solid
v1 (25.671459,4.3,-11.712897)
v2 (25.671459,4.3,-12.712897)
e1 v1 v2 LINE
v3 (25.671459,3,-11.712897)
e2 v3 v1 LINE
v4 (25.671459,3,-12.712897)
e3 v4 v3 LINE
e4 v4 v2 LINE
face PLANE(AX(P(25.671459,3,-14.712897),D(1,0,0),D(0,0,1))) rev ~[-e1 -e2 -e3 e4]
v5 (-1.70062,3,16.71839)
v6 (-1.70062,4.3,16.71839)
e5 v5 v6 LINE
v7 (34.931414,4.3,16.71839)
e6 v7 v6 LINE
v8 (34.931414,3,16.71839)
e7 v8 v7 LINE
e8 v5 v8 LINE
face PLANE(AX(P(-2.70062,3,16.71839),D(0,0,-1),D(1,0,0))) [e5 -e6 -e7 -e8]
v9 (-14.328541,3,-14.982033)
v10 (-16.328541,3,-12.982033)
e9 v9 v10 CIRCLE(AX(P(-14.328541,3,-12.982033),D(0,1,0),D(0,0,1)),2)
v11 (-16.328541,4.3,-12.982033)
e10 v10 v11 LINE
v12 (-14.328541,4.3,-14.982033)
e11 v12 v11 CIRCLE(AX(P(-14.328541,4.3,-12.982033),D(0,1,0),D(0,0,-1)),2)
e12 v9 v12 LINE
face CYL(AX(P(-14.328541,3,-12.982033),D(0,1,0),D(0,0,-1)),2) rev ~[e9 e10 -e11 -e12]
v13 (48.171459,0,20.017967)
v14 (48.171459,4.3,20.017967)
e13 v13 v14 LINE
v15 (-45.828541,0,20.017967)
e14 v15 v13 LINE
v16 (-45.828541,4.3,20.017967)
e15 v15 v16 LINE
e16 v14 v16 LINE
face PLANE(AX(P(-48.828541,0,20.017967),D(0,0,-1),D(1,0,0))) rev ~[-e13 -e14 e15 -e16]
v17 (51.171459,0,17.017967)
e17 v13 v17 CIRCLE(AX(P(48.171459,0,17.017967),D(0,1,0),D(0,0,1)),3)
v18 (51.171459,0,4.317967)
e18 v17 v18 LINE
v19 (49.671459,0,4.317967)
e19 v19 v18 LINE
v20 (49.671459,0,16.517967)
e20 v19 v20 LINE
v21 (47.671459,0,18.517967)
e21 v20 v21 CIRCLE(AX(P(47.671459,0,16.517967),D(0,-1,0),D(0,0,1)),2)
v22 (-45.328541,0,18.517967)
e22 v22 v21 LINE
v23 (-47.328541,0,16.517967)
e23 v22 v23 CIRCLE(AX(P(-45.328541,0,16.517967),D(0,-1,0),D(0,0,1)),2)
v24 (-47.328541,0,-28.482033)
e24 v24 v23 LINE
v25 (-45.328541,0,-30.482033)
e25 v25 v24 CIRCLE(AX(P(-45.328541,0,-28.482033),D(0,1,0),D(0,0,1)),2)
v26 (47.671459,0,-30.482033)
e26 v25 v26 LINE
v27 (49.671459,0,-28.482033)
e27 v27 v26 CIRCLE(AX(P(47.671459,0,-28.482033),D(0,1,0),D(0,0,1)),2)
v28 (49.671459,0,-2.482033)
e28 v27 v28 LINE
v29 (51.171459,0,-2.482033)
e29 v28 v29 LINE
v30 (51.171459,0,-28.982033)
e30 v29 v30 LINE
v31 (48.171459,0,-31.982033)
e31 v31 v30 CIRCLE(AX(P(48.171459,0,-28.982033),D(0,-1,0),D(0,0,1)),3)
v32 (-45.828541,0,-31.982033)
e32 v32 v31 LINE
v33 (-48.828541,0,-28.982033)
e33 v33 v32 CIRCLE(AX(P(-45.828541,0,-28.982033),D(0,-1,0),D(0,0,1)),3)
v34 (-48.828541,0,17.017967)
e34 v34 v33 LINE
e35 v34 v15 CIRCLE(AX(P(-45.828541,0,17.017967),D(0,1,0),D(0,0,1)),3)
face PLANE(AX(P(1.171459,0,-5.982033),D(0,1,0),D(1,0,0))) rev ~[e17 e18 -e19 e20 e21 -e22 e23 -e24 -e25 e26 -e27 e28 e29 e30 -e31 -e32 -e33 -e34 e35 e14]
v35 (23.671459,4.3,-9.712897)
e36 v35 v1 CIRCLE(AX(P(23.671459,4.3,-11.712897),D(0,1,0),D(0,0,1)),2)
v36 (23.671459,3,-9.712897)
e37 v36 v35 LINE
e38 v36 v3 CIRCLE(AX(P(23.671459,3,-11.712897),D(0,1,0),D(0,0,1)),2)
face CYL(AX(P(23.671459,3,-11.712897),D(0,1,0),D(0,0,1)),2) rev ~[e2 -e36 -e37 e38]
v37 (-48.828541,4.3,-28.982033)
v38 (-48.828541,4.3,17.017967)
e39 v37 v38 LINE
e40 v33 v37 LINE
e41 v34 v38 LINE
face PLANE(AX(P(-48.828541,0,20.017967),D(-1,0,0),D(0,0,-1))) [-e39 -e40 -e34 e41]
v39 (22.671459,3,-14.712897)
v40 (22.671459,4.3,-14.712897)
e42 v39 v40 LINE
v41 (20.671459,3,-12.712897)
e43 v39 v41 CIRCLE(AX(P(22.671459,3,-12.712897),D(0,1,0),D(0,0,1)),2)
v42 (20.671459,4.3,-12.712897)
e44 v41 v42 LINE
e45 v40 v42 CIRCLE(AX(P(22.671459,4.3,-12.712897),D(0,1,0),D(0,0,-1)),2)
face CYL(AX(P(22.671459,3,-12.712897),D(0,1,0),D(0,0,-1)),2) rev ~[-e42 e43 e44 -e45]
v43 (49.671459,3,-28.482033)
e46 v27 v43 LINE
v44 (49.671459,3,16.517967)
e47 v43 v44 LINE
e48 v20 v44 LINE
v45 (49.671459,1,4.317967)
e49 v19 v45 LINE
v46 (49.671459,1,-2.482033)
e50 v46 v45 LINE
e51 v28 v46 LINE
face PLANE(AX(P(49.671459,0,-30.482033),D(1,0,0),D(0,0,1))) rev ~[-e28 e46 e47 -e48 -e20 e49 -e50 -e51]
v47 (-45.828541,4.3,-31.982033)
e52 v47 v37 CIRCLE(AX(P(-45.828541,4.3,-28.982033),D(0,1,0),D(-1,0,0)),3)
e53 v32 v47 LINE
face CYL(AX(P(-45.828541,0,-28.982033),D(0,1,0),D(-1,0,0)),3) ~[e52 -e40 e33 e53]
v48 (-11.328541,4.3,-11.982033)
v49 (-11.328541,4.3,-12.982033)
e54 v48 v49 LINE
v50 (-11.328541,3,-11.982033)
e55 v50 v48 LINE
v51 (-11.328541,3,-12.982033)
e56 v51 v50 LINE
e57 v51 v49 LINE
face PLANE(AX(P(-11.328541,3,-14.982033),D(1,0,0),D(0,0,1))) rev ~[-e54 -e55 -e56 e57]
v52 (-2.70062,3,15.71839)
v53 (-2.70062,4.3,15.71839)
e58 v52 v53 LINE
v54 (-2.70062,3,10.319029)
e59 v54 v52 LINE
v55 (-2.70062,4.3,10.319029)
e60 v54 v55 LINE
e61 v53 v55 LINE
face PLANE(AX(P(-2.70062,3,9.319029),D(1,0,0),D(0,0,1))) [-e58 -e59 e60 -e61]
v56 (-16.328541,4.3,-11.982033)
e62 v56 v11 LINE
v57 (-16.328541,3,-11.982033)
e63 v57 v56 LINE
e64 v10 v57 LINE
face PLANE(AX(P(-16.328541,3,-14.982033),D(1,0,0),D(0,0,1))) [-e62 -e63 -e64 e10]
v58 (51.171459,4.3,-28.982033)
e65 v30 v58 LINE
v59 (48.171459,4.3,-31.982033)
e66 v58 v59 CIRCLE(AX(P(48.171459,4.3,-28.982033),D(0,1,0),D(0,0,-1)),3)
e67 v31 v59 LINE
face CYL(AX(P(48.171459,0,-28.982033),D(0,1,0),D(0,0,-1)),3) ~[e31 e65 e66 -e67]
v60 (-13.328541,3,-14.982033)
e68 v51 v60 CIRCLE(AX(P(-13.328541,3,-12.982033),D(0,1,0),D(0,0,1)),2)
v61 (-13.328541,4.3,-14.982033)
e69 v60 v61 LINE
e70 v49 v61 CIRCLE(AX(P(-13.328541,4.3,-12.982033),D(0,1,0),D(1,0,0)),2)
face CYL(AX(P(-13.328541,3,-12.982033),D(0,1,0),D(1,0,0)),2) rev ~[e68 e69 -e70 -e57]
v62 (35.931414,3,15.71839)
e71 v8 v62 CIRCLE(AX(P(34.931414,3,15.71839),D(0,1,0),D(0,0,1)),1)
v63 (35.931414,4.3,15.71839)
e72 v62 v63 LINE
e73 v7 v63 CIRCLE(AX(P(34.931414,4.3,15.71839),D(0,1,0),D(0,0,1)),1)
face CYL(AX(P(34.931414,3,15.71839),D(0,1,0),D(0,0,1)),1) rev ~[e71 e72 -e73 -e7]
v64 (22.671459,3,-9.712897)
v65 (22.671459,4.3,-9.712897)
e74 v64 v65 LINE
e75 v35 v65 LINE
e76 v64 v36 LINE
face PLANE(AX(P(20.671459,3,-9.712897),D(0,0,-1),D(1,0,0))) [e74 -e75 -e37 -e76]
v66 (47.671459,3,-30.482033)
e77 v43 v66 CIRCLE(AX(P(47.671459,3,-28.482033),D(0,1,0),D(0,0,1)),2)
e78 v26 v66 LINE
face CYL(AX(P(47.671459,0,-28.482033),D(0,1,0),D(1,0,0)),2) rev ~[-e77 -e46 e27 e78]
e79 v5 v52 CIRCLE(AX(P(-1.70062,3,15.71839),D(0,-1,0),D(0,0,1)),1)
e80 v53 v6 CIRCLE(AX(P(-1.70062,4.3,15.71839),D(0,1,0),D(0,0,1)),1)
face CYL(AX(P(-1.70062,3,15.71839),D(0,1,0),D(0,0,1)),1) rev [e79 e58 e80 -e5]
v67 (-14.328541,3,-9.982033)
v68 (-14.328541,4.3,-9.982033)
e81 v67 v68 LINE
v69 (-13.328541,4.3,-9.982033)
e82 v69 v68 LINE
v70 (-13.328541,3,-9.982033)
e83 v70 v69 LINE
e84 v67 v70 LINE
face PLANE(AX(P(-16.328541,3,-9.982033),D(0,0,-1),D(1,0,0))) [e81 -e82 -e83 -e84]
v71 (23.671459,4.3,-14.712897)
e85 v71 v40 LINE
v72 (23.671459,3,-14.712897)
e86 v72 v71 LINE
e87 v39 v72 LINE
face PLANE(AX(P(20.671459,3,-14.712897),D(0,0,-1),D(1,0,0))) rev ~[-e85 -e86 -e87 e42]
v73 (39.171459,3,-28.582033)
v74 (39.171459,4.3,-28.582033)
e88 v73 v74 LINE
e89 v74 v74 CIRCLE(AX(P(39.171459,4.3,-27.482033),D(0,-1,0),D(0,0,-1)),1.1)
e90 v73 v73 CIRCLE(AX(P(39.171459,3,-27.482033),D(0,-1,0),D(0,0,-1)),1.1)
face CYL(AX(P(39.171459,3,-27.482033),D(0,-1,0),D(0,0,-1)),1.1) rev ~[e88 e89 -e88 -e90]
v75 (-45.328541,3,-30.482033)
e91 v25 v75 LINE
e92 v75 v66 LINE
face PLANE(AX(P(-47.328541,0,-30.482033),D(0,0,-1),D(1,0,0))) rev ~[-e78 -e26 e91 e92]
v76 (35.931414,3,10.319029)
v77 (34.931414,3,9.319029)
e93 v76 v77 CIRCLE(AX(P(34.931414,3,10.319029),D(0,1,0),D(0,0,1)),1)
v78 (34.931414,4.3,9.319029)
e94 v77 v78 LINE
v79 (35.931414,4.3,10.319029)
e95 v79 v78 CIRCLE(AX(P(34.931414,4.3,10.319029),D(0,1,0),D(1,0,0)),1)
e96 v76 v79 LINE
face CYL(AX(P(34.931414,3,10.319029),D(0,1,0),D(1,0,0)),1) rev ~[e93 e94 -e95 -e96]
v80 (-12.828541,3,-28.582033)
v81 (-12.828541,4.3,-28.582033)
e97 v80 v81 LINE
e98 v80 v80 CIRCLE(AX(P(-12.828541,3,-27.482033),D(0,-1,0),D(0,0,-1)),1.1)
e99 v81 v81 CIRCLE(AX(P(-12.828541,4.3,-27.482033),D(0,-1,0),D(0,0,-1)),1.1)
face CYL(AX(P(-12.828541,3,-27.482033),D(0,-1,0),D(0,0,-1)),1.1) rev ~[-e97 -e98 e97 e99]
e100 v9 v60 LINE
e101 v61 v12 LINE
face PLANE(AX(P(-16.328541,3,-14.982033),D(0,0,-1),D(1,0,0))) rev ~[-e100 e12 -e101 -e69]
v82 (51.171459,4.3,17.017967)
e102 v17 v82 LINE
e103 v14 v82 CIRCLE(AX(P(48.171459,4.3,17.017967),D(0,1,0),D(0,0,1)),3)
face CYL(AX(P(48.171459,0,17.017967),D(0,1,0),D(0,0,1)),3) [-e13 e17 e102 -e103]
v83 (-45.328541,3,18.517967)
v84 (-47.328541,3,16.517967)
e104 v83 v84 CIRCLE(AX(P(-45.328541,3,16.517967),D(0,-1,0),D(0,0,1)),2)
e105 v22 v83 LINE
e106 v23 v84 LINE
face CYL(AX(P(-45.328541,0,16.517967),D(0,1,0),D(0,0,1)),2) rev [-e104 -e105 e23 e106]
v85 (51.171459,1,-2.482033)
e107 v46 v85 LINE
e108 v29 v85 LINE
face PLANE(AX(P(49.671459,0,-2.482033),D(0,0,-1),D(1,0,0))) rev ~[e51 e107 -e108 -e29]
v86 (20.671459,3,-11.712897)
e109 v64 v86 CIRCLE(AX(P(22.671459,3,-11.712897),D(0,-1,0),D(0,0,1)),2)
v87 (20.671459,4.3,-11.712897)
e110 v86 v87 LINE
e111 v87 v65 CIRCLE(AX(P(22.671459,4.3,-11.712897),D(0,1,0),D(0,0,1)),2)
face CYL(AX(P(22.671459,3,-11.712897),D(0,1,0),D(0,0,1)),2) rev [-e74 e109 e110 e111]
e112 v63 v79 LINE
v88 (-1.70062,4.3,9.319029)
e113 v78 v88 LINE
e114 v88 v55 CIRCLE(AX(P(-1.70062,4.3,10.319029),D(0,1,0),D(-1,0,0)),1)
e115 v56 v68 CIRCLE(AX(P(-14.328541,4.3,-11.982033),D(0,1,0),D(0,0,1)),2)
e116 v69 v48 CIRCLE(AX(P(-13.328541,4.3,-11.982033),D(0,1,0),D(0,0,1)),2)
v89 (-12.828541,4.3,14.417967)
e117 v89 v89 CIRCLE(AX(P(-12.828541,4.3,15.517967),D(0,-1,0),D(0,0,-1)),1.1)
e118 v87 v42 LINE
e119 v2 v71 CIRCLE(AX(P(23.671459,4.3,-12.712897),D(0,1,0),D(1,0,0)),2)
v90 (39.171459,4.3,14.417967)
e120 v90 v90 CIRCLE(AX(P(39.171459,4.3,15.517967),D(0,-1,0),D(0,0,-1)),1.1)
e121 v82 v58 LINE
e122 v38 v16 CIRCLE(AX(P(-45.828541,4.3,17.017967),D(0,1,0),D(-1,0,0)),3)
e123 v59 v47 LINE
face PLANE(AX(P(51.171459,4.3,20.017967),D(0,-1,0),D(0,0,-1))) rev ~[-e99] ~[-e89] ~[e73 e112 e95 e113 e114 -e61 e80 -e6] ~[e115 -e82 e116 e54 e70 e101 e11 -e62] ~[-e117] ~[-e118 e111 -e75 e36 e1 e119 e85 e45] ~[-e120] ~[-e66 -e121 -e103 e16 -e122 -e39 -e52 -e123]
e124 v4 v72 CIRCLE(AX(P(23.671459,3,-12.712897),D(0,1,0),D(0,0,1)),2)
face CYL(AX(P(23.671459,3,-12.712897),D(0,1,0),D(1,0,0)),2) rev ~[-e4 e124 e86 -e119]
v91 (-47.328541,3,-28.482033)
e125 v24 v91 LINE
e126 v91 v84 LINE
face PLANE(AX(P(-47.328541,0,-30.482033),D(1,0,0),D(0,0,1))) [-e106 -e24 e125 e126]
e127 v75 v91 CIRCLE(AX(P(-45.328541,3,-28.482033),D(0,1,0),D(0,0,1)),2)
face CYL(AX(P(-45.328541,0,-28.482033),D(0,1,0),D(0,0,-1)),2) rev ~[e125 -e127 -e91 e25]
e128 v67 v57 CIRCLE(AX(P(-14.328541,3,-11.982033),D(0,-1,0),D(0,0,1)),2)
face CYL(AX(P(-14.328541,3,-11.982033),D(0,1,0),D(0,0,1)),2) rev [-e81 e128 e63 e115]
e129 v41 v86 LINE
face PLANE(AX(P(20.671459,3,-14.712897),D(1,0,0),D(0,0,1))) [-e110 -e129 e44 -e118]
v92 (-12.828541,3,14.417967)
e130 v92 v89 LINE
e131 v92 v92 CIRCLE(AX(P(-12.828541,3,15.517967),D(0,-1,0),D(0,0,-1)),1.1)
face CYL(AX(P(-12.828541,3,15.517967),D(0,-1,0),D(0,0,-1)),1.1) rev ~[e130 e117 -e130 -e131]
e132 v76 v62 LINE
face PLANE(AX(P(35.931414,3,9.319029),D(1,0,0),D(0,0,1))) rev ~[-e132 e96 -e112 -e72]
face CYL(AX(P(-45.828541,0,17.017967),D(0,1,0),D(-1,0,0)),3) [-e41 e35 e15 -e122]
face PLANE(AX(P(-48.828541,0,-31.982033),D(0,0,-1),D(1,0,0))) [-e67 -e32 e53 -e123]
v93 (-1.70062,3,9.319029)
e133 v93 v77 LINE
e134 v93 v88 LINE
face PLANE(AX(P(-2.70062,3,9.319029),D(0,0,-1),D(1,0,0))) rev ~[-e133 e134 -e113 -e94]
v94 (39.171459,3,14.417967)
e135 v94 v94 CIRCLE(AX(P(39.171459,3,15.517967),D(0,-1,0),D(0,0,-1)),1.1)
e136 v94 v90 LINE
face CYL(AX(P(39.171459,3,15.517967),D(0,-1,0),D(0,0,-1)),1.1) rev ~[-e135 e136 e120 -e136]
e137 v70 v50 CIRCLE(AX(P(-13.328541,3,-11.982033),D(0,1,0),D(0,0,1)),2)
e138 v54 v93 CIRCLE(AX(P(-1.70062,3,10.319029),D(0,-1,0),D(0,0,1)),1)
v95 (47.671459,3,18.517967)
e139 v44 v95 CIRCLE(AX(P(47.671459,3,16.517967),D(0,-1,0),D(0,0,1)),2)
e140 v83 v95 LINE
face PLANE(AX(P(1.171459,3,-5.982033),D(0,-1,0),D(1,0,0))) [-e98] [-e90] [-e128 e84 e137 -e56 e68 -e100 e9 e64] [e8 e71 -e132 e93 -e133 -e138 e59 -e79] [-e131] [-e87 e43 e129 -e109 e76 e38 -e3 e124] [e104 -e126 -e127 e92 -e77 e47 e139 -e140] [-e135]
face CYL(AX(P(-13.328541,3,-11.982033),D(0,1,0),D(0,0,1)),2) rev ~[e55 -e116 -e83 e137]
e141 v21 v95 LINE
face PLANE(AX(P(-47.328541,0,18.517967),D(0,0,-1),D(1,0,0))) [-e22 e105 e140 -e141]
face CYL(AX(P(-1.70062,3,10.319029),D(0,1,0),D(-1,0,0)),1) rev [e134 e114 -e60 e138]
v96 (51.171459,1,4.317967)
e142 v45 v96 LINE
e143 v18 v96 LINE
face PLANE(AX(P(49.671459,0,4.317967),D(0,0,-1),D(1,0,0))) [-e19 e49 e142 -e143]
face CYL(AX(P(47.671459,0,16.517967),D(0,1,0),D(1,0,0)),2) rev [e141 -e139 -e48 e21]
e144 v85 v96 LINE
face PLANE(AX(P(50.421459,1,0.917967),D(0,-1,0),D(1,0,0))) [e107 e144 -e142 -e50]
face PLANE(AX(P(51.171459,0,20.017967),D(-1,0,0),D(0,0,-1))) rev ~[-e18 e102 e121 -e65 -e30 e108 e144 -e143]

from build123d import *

# Parameters (mm, degrees)
SKETCH_1_W          = 100
SKETCH_1_H          = 52
EXTRUDE_1_DEPTH     = 8.6
SKETCH_2_W          = 97
SKETCH_2_H          = 49
CUT_EXTRUDE_1_DEPTH = 3
SKETCH_3_R          = 1.1
SKETCH_3_W          = 38.632034186
SKETCH_3_H          = 7.399361665
SKETCH_3_W_2        = 5
SKETCH_3_H_2        = 5
CUT_EXTRUDE_2_DEPTH = 61.603041755
FILLET_1_R          = 2
SKETCH_4_W          = 1.5
SKETCH_4_H          = 6.8
CUT_EXTRUDE_3_DEPTH = 1
SKETCH_5_W          = 97
SKETCH_5_H          = 49
CUT_EXTRUDE_4_DEPTH = 3
EXTRUDE_2_DEPTH     = 3
FILLET_2_R          = 3
FILLET_3_R          = 2
FILLET_5_R          = 1
SKETCH_9_W          = 52
SKETCH_9_H          = 4.3
CUT_EXTRUDE_5_DEPTH = 106.341399486


with BuildPart() as part:
    # 草图1 → 凸台-拉伸1 (new body)
    with BuildSketch(Plane(origin=(0, 0, 0), x_dir=(1, 0, 0), z_dir=(0, 1, 0))):
        with Locations((1.17145908, 5.982033169)):
            Rectangle(SKETCH_1_W, SKETCH_1_H)
    extrude(amount=EXTRUDE_1_DEPTH)

    # 草图2 → 切除-拉伸1 (cut)
    with BuildSketch(Plane.XZ):
        with Locations((1.17145908, -5.982033169)):
            Rectangle(SKETCH_2_W, SKETCH_2_H)
    extrude(amount=-CUT_EXTRUDE_1_DEPTH, mode=Mode.SUBTRACT)

    # 草图3 → 切除-拉伸2 (cut, through all)
    with BuildSketch(Plane.XZ.offset(-3)):
        with Locations(Location((-12.82854092, 15.517966831, 0), (0, 0, 270))):
            Circle(SKETCH_3_R)
        with Locations(Location((39.17145908, 15.517966831, 0), (0, 0, 270))):
            Circle(SKETCH_3_R)
        with Locations(Location((39.17145908, -27.482033169, 0), (0, 0, 270))):
            Circle(SKETCH_3_R)
        with Locations(Location((-12.82854092, -27.482033169, 0), (0, 0, 270))):
            Circle(SKETCH_3_R)
        with Locations((16.615396969, 13.018709543)):
            Rectangle(SKETCH_3_W, SKETCH_3_H)
        with Locations((-13.82854092, -12.482033169)):
            Rectangle(SKETCH_3_W_2, SKETCH_3_H_2)
        with Locations((23.17145908, -12.21289677)):
            Rectangle(SKETCH_3_W_2, SKETCH_3_H_2)
    extrude(amount=-CUT_EXTRUDE_2_DEPTH, mode=Mode.SUBTRACT)

    # 圆角1
    fillet_1_edges = [part.edges().sort_by_distance(p)[0] for p in [
        (20.67145908, 5.8, -14.71289677),
        (20.67145908, 5.8, -9.71289677),
        (25.67145908, 5.8, -9.71289677),
        (25.67145908, 5.8, -14.71289677),
        (-16.32854092, 5.8, -14.982033169),
        (-16.32854092, 5.8, -9.982033169),
        (-11.32854092, 5.8, -9.982033169),
        (-11.32854092, 5.8, -14.982033169),
    ]]
    fillet(fillet_1_edges, radius=FILLET_1_R)

    # 草图4 → 切除-拉伸3 (cut)
    with BuildSketch(Plane.XZ):
        with Locations((50.42145908, 0.917966831)):
            Rectangle(SKETCH_4_W, SKETCH_4_H)
    extrude(amount=-CUT_EXTRUDE_3_DEPTH, mode=Mode.SUBTRACT)

    # 草图5 → 切除-拉伸4 (cut)
    with BuildSketch(Plane(origin=(0, 8.6, 0), x_dir=(1, 0, 0), z_dir=(0, 1, 0))):
        with Locations((1.17145908, 5.982033169)):
            Rectangle(SKETCH_5_W, SKETCH_5_H)
    extrude(amount=-CUT_EXTRUDE_4_DEPTH, mode=Mode.SUBTRACT)

    # 草图7 → 凸台-拉伸2 (add, through all)
    with BuildSketch(Plane(origin=(0, 5.6, 0), x_dir=(1, 0, 0), z_dir=(0, 1, 0))):
        Polygon((-8.68854092, -18.517966831), (-8.68854092, 4.782033169), (-27.62854092, 4.782033169), (-27.62854092, 30.482033169), (-26.12854092, 30.482033169), (-26.12854092, 6.282033169), (-8.68854092, 6.282033169), (-8.68854092, 30.482033169), (-7.18854092, 30.482033169), (-7.18854092, -4.517966831), (49.67145908, -4.517966831), (49.67145908, -6.017966831), (-7.18854092, -6.017966831), (-7.18854092, -18.517966831), align=None)
        Polygon((16.97145908, 30.482033169), (16.97145908, 6.682033169), (30.17145908, 6.682033169), (30.17145908, 30.482033169), (28.67145908, 30.482033169), (28.67145908, 8.182033169), (18.47145908, 8.182033169), (18.47145908, 30.482033169), align=None)
    extrude(amount=EXTRUDE_2_DEPTH)

    # 圆角2
    fillet_2_edges = [part.edges().sort_by_distance(p)[0] for p in [
        (-48.82854092, 4.3, -31.982033169),
        (51.17145908, 4.3, -31.982033169),
        (51.17145908, 4.3, 20.017966831),
        (-48.82854092, 4.3, 20.017966831),
    ]]
    fillet(fillet_2_edges, radius=FILLET_2_R)

    # 圆角3
    fillet_3_edges = [part.edges().sort_by_distance(p)[0] for p in [
        (49.67145908, 1.5, 18.517966831),
        (49.67145908, 1.5, -30.482033169),
        (-47.32854092, 1.5, -30.482033169),
        (-47.32854092, 1.5, 18.517966831),
        (-47.32854092, 7.1, 18.517966831),
        (-47.32854092, 7.1, -30.482033169),
        (49.67145908, 7.1, -30.482033169),
        (49.67145908, 7.1, 18.517966831),
        (-8.68854092, 7.1, 18.517966831),
        (-7.18854092, 7.1, 18.517966831),
        (-7.18854092, 7.1, 6.017966831),
        (49.67145908, 7.1, 6.017966831),
        (49.67145908, 7.1, 4.517966831),
        (-7.18854092, 7.1, 4.517966831),
        (-7.18854092, 7.1, -30.482033169),
        (-8.68854092, 7.1, -30.482033169),
        (-8.68854092, 7.1, -6.282033169),
        (-26.12854092, 7.1, -6.282033169),
        (-26.12854092, 7.1, -30.482033169),
        (-27.62854092, 7.1, -30.482033169),
        (-27.62854092, 7.1, -4.782033169),
        (-8.68854092, 7.1, -4.782033169),
        (18.47145908, 7.1, -30.482033169),
        (16.97145908, 7.1, -30.482033169),
        (16.97145908, 7.1, -6.682033169),
        (30.17145908, 7.1, -6.682033169),
        (30.17145908, 7.1, -30.482033169),
        (28.67145908, 7.1, -30.482033169),
        (28.67145908, 7.1, -8.182033169),
        (18.47145908, 7.1, -8.182033169),
    ]]
    fillet(fillet_3_edges, radius=FILLET_3_R)

    # 圆角5
    fillet_5_edges = [part.edges().sort_by_distance(p)[0] for p in [
        (-2.700620124, 4.3, 16.718390375),
        (35.931414062, 4.3, 16.718390375),
        (-2.700620124, 4.3, 9.31902871),
        (35.931414062, 4.3, 9.31902871),
    ]]
    fillet(fillet_5_edges, radius=FILLET_5_R)

    # 草图9 → 切除-拉伸5 (cut, through all)
    with BuildSketch(Plane(origin=(51.17145908, 0, 0), x_dir=(0, 0, -1), z_dir=(1, 0, 0))):
        with Locations((5.982033169, 6.45)):
            Rectangle(SKETCH_9_W, SKETCH_9_H)
    extrude(amount=-CUT_EXTRUDE_5_DEPTH, mode=Mode.SUBTRACT)


solid = part.part
